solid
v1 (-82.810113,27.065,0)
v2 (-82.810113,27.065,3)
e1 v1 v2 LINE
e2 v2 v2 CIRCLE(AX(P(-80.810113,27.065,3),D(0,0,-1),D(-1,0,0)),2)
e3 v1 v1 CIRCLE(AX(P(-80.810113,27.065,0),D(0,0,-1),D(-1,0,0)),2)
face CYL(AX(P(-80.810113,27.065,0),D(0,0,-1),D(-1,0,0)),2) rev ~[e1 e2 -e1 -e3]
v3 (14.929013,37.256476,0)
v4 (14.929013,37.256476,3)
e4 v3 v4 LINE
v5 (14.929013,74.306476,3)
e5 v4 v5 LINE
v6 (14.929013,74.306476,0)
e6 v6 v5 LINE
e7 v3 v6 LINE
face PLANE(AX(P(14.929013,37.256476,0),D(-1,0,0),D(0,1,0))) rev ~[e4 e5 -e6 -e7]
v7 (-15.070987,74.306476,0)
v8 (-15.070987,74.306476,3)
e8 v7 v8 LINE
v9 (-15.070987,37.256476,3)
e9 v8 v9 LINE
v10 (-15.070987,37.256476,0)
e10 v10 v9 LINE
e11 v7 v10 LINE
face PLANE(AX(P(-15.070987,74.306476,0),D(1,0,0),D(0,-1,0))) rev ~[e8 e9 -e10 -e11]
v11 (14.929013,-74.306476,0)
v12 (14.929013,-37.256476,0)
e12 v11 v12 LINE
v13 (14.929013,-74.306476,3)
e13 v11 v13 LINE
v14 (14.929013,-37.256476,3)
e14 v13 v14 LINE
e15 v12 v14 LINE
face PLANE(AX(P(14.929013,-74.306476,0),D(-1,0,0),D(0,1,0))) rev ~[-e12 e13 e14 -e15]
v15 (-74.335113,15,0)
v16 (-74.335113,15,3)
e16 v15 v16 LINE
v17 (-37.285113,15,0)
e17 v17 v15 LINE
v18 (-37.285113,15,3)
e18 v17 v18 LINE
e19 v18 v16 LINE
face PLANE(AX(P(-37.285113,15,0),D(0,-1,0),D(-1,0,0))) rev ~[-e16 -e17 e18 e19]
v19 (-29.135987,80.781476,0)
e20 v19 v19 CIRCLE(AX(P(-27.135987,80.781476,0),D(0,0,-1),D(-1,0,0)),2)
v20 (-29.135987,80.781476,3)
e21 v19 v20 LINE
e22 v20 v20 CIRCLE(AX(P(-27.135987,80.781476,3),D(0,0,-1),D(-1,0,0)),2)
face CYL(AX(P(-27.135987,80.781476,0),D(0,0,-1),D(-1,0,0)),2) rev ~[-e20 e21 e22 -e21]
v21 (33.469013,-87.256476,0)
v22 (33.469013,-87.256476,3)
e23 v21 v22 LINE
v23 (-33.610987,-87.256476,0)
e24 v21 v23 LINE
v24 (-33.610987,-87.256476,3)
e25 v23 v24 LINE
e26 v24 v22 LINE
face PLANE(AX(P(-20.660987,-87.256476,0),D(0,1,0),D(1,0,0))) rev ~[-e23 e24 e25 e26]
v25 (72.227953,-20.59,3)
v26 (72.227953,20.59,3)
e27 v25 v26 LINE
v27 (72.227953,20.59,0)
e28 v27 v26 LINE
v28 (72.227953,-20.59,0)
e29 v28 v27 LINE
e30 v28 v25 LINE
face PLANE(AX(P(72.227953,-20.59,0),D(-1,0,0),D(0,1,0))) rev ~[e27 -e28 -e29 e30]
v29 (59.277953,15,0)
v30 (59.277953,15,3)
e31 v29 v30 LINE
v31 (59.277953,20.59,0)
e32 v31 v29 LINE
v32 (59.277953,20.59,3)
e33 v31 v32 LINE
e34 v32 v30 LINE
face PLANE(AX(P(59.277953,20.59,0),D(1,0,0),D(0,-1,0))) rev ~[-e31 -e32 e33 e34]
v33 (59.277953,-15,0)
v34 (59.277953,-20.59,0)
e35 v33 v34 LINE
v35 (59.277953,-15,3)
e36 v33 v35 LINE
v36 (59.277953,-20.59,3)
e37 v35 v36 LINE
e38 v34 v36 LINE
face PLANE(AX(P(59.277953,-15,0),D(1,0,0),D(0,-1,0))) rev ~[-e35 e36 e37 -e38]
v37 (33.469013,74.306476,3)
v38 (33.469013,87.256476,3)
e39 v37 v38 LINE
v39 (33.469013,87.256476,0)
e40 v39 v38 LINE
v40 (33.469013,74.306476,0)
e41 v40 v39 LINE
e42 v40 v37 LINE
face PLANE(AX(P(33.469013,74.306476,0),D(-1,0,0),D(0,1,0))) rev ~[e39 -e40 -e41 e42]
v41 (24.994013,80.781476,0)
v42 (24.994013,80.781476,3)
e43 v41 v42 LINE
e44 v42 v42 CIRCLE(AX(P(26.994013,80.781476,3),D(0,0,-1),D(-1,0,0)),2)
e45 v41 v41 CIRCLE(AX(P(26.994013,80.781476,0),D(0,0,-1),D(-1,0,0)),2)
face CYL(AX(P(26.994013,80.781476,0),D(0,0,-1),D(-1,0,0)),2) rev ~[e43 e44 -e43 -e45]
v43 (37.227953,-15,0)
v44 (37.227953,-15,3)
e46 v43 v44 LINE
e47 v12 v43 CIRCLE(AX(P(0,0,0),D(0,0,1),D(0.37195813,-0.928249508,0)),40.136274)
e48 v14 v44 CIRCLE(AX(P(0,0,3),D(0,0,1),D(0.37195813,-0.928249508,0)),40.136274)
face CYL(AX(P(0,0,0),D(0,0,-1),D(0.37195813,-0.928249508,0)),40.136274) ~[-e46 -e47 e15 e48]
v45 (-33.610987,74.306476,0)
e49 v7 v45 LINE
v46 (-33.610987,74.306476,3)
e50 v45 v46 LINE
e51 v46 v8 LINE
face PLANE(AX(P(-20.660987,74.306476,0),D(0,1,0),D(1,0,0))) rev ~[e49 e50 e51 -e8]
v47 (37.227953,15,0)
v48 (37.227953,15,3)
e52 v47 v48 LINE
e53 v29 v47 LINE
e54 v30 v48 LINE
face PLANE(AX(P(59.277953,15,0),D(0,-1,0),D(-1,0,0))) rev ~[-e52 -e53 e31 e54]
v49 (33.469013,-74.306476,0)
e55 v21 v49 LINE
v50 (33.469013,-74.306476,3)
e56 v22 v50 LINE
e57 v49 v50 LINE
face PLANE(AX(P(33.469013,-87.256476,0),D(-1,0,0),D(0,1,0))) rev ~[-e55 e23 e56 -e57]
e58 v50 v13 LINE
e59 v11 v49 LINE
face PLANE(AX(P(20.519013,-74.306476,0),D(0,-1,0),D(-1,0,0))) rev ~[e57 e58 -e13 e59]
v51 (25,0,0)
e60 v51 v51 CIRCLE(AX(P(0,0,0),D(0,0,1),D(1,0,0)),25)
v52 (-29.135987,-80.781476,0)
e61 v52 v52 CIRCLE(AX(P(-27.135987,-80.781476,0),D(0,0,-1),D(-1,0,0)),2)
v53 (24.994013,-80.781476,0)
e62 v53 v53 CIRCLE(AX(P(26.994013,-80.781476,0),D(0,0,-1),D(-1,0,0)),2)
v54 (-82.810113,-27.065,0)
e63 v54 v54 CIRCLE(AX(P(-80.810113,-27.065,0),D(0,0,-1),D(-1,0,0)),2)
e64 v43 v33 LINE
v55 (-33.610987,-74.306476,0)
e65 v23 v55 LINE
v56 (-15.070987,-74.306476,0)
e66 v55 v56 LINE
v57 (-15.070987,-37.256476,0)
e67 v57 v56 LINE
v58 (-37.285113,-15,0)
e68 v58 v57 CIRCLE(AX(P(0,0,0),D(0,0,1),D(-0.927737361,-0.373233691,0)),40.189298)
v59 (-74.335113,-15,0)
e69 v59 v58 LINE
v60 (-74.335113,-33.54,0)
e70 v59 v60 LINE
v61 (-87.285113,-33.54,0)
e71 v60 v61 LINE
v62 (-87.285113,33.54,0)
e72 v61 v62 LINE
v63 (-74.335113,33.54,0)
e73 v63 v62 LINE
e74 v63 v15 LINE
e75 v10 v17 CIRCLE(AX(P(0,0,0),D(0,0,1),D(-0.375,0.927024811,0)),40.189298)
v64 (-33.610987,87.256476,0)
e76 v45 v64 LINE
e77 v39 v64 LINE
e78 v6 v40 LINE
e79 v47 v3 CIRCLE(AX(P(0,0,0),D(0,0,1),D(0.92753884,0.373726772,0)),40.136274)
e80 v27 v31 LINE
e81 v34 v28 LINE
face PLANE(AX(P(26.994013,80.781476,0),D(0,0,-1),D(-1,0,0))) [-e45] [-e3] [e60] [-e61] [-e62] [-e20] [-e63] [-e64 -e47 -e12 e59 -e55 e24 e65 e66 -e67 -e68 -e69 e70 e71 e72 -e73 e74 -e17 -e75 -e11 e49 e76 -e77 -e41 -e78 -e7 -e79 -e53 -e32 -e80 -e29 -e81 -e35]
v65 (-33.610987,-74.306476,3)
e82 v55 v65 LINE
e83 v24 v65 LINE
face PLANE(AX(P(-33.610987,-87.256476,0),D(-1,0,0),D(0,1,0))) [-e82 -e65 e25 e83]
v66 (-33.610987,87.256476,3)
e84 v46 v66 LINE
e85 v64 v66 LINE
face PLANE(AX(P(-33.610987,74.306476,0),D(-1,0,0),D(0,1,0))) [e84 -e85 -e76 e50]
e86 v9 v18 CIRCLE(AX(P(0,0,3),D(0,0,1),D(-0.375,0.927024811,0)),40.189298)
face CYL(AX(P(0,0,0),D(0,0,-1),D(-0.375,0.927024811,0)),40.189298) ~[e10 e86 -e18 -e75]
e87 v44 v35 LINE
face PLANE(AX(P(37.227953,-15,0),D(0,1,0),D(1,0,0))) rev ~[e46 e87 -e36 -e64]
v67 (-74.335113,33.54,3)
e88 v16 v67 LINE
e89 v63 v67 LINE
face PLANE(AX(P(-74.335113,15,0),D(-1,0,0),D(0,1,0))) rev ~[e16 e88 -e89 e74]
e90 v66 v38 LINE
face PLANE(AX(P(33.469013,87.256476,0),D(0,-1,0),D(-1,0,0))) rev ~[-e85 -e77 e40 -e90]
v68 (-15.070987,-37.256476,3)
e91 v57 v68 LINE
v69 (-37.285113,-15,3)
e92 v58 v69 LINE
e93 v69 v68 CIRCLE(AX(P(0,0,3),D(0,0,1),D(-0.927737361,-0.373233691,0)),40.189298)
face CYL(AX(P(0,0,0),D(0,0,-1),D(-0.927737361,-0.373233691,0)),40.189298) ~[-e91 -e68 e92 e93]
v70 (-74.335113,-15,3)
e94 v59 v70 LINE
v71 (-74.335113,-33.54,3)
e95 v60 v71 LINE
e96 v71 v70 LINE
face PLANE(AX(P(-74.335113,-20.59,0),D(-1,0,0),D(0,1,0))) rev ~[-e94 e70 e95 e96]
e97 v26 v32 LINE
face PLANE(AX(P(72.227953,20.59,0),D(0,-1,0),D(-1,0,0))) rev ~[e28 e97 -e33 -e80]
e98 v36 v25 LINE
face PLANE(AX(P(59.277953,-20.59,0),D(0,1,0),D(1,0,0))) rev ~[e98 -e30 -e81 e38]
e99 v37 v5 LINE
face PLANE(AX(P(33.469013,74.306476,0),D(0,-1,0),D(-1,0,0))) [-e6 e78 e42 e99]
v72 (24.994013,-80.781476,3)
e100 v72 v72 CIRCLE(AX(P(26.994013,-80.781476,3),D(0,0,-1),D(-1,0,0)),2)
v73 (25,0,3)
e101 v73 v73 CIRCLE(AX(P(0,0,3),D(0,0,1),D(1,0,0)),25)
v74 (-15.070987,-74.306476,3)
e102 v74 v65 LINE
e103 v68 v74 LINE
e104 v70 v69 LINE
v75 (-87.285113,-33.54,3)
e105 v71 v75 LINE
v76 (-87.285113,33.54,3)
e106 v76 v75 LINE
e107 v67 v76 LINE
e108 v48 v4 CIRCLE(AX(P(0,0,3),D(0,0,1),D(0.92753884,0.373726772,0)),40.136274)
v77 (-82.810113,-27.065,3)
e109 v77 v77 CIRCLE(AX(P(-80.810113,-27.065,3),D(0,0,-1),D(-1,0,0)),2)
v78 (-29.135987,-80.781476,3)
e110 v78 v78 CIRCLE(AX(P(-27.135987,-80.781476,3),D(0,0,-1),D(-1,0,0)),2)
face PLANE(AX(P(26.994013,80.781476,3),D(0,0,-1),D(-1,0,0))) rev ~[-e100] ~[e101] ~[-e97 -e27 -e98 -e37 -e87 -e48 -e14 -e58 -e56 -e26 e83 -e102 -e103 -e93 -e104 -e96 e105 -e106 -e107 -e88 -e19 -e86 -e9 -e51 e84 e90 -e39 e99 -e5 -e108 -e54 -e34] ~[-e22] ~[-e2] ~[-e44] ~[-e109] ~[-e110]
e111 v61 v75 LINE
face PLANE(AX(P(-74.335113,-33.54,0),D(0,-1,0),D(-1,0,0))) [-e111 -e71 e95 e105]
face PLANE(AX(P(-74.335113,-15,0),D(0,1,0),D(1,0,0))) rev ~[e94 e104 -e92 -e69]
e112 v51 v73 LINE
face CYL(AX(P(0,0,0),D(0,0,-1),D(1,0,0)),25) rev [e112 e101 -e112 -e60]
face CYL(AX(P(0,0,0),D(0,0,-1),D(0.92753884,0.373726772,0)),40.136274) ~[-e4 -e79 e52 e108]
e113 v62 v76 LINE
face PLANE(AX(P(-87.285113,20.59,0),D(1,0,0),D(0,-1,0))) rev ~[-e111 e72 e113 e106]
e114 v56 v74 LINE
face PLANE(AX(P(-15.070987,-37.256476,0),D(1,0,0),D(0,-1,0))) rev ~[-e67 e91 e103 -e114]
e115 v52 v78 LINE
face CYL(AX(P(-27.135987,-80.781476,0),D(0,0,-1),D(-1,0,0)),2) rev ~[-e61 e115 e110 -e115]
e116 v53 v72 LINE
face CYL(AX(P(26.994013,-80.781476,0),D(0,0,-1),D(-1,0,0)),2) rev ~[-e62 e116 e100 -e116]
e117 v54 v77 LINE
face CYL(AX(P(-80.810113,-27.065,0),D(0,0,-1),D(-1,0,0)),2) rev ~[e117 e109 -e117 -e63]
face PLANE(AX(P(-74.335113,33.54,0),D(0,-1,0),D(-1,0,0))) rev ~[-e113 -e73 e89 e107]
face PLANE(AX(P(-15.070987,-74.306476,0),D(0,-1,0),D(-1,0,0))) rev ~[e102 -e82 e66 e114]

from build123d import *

# Parameters (mm, degrees)
CROQUIS1_R              = 25
SALIENTE_EXTRUIR1_DEPTH = 3
CROQUIS2_W              = 12.95
CROQUIS2_H              = 12.95
SALIENTE_EXTRUIR2_DEPTH = 3
CROQUIS3_R              = 2
CORTAR_EXTRUIR1_DEPTH   = 124.455998815


with BuildPart() as part:
    # Croquis1 → Saliente-Extruir1 (new body)
    with BuildSketch(Plane.XY):
        with BuildLine():
            Line((-15.070986718, 74.306476298), (-15.070986718, 37.256476298))
            ThreePointArc((-15.070986718, 37.256476298), (-28.445175059, 28.391049341), (-37.285113206, 15))
            Line((-37.285113206, 15), (-74.335113206, 15))
            Line((-74.335113206, 15), (-74.335113206, 20.59))
            Line((-74.335113206, 20.59), (-87.285113206, 20.59))
            Line((-87.285113206, 20.59), (-87.285113206, -20.59))
            Line((-87.285113206, -20.59), (-74.335113206, -20.59))
            Line((-74.335113206, -20.59), (-74.335113206, -15))
            Line((-74.335113206, -15), (-37.285113206, -15))
            ThreePointArc((-37.285113206, -15), (-28.445175059, -28.391049341), (-15.070986718, -37.256476298))
            Line((-15.070986718, -37.256476298), (-15.070986718, -74.306476298))
            Line((-15.070986718, -74.306476298), (-20.660986718, -74.306476298))
            Line((-20.660986718, -74.306476298), (-20.660986718, -87.256476298))
            Line((-20.660986718, -87.256476298), (20.519013282, -87.256476298))
            Line((20.519013282, -87.256476298), (20.519013282, -74.306476298))
            Line((20.519013282, -74.306476298), (14.929013282, -74.306476298))
            Line((14.929013282, -74.306476298), (14.929013282, -37.256476298))
            ThreePointArc((14.929013282, -37.256476298), (28.353570497, -28.407666286), (37.22795272, -15))
            Line((37.22795272, -15), (59.27795272, -15))
            Line((59.27795272, -15), (59.27795272, -20.59))
            Line((59.27795272, -20.59), (72.22795272, -20.59))
            Line((72.22795272, -20.59), (72.22795272, 20.59))
            Line((72.22795272, 20.59), (59.27795272, 20.59))
            Line((59.27795272, 20.59), (59.27795272, 15))
            Line((59.27795272, 15), (37.22795272, 15))
            ThreePointArc((37.22795272, 15), (28.353570497, 28.407666286), (14.929013282, 37.256476298))
            Line((14.929013282, 37.256476298), (14.929013282, 74.306476298))
            Line((14.929013282, 74.306476298), (20.519013282, 74.306476298))
            Line((20.519013282, 74.306476298), (20.519013282, 87.256476298))
            Line((20.519013282, 87.256476298), (-20.660986718, 87.256476298))
            Line((-20.660986718, 87.256476298), (-20.660986718, 74.306476298))
            Line((-20.660986718, 74.306476298), (-15.070986718, 74.306476298))
        make_face()
        Circle(CROQUIS1_R, mode=Mode.SUBTRACT)
    extrude(amount=SALIENTE_EXTRUIR1_DEPTH)

    # Croquis2 → Saliente-Extruir2 (add)
    with BuildSketch(Plane(origin=(0, 0, 0), x_dir=(-1, 0, 0), z_dir=(0, 0, -1))):
        with Locations((-26.994013282, 80.781476298)):
            Rectangle(CROQUIS2_W, CROQUIS2_H)
        with Locations((27.135986718, 80.781476298)):
            Rectangle(CROQUIS2_W, CROQUIS2_H)
        with Locations((-26.994013282, -80.781476298)):
            Rectangle(CROQUIS2_W, CROQUIS2_H)
        with Locations((27.135986718, -80.781476298)):
            Rectangle(CROQUIS2_W, CROQUIS2_H)
        with Locations((80.810113206, 27.065)):
            Rectangle(CROQUIS2_W, CROQUIS2_H)
        with Locations((80.810113206, -27.065)):
            Rectangle(CROQUIS2_W, CROQUIS2_H)
    extrude(amount=-SALIENTE_EXTRUIR2_DEPTH)

    # Croquis3 → Cortar-Extruir1 (cut, through all)
    with BuildSketch(Plane(origin=(0, 0, 0), x_dir=(-1, 0, 0), z_dir=(0, 0, -1))):
        with Locations((-26.994013282, 80.781476298)):
            Circle(CROQUIS3_R)
        with Locations((27.135986718, 80.781476298)):
            Circle(CROQUIS3_R)
        with Locations((27.135986718, -80.781476298)):
            Circle(CROQUIS3_R)
        with Locations((-26.994013282, -80.781476298)):
            Circle(CROQUIS3_R)
        with Locations((80.810113206, -27.065)):
            Circle(CROQUIS3_R)
        with Locations((80.810113206, 27.065)):
            Circle(CROQUIS3_R)
    extrude(amount=-CORTAR_EXTRUIR1_DEPTH, mode=Mode.SUBTRACT)


solid = part.part
